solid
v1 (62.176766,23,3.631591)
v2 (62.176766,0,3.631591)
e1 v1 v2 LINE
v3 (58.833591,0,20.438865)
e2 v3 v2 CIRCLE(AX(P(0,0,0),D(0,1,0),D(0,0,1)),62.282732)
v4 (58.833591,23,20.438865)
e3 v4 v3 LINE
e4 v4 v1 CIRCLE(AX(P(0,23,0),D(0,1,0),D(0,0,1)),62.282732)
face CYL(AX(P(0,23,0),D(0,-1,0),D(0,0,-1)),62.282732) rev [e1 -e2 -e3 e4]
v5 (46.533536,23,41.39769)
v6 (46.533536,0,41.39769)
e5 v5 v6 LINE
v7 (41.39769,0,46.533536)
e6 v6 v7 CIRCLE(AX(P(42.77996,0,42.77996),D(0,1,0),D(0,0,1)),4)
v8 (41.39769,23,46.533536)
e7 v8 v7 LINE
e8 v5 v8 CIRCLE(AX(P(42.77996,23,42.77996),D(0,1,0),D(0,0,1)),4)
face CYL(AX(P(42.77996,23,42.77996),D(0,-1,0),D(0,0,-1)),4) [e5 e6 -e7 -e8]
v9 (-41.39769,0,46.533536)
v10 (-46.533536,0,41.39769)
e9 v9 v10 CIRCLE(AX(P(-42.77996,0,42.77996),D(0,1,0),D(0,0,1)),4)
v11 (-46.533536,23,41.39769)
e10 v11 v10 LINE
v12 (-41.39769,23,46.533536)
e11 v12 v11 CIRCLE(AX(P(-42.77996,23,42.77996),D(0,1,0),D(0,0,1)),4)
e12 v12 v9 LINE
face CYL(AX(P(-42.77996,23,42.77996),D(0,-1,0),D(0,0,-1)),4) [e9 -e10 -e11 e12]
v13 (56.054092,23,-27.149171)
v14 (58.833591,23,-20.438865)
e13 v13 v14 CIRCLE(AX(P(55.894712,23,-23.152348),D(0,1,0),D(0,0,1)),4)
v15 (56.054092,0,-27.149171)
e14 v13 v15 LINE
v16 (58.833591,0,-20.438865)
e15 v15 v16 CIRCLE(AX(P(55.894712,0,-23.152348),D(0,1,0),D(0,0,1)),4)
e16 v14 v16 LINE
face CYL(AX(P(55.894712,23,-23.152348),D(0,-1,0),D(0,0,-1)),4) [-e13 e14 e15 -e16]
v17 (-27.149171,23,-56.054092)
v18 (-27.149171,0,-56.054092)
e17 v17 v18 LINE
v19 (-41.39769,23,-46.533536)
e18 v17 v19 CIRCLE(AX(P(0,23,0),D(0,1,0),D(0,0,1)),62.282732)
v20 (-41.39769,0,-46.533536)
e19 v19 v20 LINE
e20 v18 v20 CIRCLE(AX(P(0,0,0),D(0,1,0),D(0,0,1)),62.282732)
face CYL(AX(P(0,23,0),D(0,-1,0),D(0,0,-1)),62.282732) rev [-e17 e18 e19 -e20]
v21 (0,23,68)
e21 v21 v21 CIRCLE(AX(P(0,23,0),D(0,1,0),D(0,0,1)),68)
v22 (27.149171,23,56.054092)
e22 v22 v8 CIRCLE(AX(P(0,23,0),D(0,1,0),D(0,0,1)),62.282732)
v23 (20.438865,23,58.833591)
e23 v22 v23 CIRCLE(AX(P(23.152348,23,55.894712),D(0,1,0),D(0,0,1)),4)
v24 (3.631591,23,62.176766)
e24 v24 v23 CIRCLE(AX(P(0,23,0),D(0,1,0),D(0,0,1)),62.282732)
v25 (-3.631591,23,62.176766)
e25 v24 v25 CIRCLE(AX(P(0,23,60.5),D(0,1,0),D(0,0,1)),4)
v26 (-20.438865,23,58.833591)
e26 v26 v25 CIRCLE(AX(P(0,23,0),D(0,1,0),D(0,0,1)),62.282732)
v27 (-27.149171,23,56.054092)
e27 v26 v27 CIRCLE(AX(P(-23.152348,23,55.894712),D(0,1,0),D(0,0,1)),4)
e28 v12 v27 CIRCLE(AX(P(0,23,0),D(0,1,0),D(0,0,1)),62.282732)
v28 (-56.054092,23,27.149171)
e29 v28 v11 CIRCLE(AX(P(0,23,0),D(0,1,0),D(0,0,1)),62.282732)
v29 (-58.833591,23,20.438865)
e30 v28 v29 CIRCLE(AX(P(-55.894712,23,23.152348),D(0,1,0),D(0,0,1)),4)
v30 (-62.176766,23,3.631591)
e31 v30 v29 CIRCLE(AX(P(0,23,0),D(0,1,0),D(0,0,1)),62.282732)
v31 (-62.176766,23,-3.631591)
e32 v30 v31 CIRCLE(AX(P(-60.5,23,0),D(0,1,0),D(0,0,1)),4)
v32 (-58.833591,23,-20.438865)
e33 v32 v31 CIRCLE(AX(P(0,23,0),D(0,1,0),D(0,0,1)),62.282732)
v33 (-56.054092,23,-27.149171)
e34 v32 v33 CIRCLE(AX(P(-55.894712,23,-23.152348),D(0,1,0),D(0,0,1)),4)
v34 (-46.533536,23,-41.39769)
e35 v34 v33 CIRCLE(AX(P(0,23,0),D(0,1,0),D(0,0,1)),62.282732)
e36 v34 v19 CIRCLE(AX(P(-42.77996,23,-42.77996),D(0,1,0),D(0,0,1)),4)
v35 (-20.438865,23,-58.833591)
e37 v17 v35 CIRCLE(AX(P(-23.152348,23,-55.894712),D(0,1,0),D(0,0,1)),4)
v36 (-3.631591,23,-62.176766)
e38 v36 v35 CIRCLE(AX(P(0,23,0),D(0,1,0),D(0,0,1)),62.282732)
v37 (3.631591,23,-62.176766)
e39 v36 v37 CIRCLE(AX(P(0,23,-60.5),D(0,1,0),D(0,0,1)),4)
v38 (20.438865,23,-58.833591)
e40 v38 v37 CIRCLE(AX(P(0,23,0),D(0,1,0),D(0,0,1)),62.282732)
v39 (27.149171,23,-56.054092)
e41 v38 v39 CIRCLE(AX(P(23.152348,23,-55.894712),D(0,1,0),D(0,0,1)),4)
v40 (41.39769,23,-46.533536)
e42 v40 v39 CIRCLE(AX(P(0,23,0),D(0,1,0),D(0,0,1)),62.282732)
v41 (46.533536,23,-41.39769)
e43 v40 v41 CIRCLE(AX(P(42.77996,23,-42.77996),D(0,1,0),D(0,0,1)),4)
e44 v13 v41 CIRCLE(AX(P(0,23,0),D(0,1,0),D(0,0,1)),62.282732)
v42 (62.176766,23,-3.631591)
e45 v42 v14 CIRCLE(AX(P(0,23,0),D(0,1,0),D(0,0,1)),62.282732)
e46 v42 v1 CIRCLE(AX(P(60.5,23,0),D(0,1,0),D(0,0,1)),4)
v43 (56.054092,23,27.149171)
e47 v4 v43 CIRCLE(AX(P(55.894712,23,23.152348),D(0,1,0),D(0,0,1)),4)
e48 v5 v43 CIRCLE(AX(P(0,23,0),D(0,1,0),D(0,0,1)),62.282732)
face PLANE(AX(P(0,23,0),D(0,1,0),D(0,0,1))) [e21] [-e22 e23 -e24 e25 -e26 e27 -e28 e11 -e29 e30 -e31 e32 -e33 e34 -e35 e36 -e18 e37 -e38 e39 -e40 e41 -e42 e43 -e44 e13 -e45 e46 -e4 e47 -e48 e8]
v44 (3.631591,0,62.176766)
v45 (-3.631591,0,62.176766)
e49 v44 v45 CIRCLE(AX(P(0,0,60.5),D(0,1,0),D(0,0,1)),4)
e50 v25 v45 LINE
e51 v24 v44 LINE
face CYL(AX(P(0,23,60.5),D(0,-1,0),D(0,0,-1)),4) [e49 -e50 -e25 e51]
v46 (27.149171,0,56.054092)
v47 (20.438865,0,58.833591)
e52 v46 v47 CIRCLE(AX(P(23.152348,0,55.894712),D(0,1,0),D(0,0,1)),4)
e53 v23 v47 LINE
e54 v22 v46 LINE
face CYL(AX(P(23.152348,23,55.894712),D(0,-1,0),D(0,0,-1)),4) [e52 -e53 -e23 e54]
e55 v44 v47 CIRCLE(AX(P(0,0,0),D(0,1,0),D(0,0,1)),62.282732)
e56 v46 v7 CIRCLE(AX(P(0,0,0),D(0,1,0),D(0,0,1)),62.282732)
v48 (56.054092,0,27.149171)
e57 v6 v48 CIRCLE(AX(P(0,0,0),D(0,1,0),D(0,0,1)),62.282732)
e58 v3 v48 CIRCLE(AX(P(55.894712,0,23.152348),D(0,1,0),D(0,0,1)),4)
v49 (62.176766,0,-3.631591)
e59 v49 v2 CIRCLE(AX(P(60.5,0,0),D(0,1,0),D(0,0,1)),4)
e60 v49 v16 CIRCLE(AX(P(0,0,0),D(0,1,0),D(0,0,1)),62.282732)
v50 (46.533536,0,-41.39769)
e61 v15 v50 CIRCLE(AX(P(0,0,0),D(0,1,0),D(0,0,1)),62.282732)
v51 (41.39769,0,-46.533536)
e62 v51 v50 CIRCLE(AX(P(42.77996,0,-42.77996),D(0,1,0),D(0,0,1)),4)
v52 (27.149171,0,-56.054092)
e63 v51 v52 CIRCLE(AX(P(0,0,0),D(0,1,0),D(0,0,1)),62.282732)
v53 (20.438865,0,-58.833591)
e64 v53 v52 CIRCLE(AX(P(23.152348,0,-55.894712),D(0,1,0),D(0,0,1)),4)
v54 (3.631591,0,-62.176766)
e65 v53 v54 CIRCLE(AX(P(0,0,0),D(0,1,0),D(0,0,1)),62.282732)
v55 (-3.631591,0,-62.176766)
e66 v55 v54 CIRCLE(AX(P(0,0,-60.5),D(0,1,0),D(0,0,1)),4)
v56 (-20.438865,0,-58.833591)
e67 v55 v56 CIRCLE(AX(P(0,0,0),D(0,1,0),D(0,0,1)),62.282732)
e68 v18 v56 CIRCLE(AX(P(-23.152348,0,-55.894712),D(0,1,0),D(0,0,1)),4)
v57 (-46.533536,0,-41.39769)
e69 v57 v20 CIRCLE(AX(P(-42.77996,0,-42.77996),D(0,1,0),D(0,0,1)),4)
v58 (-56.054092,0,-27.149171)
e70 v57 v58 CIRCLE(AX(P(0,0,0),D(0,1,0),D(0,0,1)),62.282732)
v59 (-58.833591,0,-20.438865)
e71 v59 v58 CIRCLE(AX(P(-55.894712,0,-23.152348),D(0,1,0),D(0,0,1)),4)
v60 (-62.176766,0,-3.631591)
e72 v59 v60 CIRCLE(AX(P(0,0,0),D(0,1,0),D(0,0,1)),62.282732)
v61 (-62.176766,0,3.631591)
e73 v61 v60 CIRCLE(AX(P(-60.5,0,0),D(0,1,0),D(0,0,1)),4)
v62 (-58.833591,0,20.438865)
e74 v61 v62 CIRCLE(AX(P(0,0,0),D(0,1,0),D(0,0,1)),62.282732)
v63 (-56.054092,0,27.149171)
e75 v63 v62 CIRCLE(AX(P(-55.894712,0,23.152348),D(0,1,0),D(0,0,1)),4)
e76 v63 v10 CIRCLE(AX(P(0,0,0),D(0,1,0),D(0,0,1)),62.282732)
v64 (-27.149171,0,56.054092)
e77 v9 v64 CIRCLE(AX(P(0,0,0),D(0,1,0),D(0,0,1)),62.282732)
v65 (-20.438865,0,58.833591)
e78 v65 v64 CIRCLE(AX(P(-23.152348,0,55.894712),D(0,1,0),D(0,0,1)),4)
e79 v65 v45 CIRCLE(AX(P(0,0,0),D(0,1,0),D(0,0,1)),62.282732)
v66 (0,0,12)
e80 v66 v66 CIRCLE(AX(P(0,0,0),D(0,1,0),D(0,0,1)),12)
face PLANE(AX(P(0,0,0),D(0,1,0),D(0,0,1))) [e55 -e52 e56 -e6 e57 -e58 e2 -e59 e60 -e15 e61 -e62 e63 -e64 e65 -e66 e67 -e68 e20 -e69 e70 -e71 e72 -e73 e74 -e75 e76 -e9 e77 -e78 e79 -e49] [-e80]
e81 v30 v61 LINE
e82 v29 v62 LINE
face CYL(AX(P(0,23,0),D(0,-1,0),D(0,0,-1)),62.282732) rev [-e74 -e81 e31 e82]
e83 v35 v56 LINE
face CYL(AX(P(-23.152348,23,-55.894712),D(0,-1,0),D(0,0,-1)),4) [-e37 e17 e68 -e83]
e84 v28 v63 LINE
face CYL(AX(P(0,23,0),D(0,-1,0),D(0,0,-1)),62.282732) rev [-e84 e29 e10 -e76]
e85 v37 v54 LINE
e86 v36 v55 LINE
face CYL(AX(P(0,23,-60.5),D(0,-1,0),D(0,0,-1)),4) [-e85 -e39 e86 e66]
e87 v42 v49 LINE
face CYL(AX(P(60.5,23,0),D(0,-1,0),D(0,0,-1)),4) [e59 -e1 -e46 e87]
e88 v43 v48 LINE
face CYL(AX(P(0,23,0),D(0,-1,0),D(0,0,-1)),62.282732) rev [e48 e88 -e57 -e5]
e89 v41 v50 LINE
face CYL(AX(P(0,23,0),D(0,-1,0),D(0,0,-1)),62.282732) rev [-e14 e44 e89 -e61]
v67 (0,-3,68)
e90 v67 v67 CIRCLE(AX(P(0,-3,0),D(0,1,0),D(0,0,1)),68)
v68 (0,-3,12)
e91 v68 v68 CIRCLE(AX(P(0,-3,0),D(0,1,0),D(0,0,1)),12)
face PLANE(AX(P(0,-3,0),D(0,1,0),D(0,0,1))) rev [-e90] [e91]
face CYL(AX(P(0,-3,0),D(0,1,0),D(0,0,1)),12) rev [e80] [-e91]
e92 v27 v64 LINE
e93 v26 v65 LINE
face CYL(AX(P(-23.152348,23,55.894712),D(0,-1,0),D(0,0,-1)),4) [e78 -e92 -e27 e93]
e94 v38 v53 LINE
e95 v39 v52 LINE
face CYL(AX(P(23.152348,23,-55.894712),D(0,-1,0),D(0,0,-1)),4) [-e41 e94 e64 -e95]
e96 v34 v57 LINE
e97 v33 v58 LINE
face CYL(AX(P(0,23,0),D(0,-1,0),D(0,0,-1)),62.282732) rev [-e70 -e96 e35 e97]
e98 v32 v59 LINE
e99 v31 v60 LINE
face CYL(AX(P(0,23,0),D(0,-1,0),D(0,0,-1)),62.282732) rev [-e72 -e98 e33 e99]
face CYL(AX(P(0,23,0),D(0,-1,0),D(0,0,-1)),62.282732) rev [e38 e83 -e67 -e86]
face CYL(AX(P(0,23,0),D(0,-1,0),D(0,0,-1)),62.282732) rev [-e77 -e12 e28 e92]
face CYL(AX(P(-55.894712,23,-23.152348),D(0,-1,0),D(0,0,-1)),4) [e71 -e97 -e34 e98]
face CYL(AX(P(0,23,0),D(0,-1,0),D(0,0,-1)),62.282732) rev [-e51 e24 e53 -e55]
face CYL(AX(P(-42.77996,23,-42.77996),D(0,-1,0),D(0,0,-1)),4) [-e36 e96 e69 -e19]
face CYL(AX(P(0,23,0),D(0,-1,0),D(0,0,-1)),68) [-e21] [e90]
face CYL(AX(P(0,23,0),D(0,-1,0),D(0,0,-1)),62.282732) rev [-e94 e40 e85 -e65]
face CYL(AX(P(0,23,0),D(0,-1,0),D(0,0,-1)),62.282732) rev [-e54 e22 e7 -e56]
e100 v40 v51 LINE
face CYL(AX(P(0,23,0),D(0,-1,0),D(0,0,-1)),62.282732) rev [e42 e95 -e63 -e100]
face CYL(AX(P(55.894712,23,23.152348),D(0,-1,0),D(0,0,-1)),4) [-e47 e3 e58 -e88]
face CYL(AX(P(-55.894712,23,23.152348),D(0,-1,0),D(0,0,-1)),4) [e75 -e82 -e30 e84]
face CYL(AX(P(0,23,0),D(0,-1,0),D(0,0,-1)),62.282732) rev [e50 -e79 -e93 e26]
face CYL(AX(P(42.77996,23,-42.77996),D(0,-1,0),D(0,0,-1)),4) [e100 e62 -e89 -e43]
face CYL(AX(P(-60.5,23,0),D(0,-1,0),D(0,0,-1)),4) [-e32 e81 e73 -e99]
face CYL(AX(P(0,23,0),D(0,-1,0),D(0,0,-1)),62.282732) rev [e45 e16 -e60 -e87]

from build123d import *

# Parameters (mm, degrees)
SKETCH1_R           = 68
BOSS_EXTRUDE3_DEPTH = 23
BOSS_EXTRUDE4_START = -3
SKETCH1_6_R         = 68
SKETCH1_6_R_2       = 12
BOSS_EXTRUDE4_DEPTH = 3


with BuildPart() as part:
    # Sketch1 → Boss-Extrude3 (new body)
    with BuildSketch(Plane(origin=(0, 0, 0), x_dir=(1, 0, 0), z_dir=(0, 1, 0))):
        Circle(SKETCH1_R)
        with BuildLine():
            ThreePointArc((-3.63159136, 62.176765992), (0, 56.5), (3.63159136, 62.176765992))
            ThreePointArc((3.63159136, 62.176765992), (12.15075821, 61.085986608), (20.438865295, 58.833591344))
            ThreePointArc((20.438865295, 58.833591344), (21.621613929, 52.199193587), (27.149171151, 56.054091651))
            ThreePointArc((27.149171151, 56.054091651), (34.602431839, 51.786198893), (41.397689987, 46.533535742))
            ThreePointArc((41.397689987, 46.533535742), (39.951533137, 39.951533137), (46.533535742, 41.397689987))
            ThreePointArc((46.533535742, 41.397689987), (51.786198893, 34.602431839), (56.054091651, 27.149171151))
            ThreePointArc((56.054091651, 27.149171151), (52.199193587, 21.621613929), (58.833591344, 20.438865295))
            ThreePointArc((58.833591344, 20.438865295), (61.085986608, 12.15075821), (62.176765992, 3.63159136))
            ThreePointArc((62.176765992, 3.63159136), (56.5, 0), (62.176765992, -3.63159136))
            ThreePointArc((62.176765992, -3.63159136), (61.085986608, -12.15075821), (58.833591344, -20.438865295))
            ThreePointArc((58.833591344, -20.438865295), (52.199193587, -21.621613929), (56.054091651, -27.149171151))
            ThreePointArc((56.054091651, -27.149171151), (51.786198893, -34.602431839), (46.533535742, -41.397689987))
            ThreePointArc((46.533535742, -41.397689987), (39.951533137, -39.951533137), (41.397689987, -46.533535742))
            ThreePointArc((41.397689987, -46.533535742), (34.602431839, -51.786198893), (27.149171151, -56.054091651))
            ThreePointArc((27.149171151, -56.054091651), (21.621613929, -52.199193587), (20.438865295, -58.833591344))
            ThreePointArc((20.438865295, -58.833591344), (12.15075821, -61.085986608), (3.631591361, -62.176765992))
            ThreePointArc((3.631591361, -62.176765992), (0, -56.5), (-3.63159136, -62.176765992))
            ThreePointArc((-3.63159136, -62.176765992), (-12.15075821, -61.085986608), (-20.438865295, -58.833591344))
            ThreePointArc((-20.438865295, -58.833591344), (-21.621613929, -52.199193587), (-27.149171151, -56.054091651))
            ThreePointArc((-27.149171151, -56.054091651), (-34.602431839, -51.786198893), (-41.397689987, -46.533535742))
            ThreePointArc((-41.397689987, -46.533535742), (-39.951533137, -39.951533137), (-46.533535742, -41.397689987))
            ThreePointArc((-46.533535742, -41.397689987), (-51.786198893, -34.602431839), (-56.054091651, -27.149171151))
            ThreePointArc((-56.054091651, -27.149171151), (-52.199193587, -21.621613929), (-58.833591344, -20.438865295))
            ThreePointArc((-58.833591344, -20.438865295), (-61.085986608, -12.15075821), (-62.176765992, -3.63159136))
            ThreePointArc((-62.176765992, -3.63159136), (-56.5, 0), (-62.176765992, 3.63159136))
            ThreePointArc((-62.176765992, 3.63159136), (-61.085986608, 12.15075821), (-58.833591344, 20.438865295))
            ThreePointArc((-58.833591344, 20.438865295), (-52.199193587, 21.621613929), (-56.054091651, 27.149171151))
            ThreePointArc((-56.054091651, 27.149171151), (-51.786198893, 34.602431839), (-46.533535742, 41.397689987))
            ThreePointArc((-46.533535742, 41.397689987), (-39.951533137, 39.951533137), (-41.397689987, 46.533535742))
            ThreePointArc((-41.397689987, 46.533535742), (-34.602431839, 51.786198893), (-27.149171151, 56.054091651))
            ThreePointArc((-27.149171151, 56.054091651), (-21.621613929, 52.199193587), (-20.438865295, 58.833591344))
            ThreePointArc((-20.438865295, 58.833591344), (-12.15075821, 61.085986608), (-3.63159136, 62.176765992))
        make_face(mode=Mode.SUBTRACT)
    extrude(amount=BOSS_EXTRUDE3_DEPTH)

    # Sketch1<6> → Boss-Extrude4 (add)
    with BuildSketch(Plane(origin=(0, 0, 0), x_dir=(1, 0, 0), z_dir=(0, 1, 0)).offset(BOSS_EXTRUDE4_START)):
        Circle(SKETCH1_6_R)
        Circle(SKETCH1_6_R_2, mode=Mode.SUBTRACT)
    extrude(amount=BOSS_EXTRUDE4_DEPTH)


solid = part.part
